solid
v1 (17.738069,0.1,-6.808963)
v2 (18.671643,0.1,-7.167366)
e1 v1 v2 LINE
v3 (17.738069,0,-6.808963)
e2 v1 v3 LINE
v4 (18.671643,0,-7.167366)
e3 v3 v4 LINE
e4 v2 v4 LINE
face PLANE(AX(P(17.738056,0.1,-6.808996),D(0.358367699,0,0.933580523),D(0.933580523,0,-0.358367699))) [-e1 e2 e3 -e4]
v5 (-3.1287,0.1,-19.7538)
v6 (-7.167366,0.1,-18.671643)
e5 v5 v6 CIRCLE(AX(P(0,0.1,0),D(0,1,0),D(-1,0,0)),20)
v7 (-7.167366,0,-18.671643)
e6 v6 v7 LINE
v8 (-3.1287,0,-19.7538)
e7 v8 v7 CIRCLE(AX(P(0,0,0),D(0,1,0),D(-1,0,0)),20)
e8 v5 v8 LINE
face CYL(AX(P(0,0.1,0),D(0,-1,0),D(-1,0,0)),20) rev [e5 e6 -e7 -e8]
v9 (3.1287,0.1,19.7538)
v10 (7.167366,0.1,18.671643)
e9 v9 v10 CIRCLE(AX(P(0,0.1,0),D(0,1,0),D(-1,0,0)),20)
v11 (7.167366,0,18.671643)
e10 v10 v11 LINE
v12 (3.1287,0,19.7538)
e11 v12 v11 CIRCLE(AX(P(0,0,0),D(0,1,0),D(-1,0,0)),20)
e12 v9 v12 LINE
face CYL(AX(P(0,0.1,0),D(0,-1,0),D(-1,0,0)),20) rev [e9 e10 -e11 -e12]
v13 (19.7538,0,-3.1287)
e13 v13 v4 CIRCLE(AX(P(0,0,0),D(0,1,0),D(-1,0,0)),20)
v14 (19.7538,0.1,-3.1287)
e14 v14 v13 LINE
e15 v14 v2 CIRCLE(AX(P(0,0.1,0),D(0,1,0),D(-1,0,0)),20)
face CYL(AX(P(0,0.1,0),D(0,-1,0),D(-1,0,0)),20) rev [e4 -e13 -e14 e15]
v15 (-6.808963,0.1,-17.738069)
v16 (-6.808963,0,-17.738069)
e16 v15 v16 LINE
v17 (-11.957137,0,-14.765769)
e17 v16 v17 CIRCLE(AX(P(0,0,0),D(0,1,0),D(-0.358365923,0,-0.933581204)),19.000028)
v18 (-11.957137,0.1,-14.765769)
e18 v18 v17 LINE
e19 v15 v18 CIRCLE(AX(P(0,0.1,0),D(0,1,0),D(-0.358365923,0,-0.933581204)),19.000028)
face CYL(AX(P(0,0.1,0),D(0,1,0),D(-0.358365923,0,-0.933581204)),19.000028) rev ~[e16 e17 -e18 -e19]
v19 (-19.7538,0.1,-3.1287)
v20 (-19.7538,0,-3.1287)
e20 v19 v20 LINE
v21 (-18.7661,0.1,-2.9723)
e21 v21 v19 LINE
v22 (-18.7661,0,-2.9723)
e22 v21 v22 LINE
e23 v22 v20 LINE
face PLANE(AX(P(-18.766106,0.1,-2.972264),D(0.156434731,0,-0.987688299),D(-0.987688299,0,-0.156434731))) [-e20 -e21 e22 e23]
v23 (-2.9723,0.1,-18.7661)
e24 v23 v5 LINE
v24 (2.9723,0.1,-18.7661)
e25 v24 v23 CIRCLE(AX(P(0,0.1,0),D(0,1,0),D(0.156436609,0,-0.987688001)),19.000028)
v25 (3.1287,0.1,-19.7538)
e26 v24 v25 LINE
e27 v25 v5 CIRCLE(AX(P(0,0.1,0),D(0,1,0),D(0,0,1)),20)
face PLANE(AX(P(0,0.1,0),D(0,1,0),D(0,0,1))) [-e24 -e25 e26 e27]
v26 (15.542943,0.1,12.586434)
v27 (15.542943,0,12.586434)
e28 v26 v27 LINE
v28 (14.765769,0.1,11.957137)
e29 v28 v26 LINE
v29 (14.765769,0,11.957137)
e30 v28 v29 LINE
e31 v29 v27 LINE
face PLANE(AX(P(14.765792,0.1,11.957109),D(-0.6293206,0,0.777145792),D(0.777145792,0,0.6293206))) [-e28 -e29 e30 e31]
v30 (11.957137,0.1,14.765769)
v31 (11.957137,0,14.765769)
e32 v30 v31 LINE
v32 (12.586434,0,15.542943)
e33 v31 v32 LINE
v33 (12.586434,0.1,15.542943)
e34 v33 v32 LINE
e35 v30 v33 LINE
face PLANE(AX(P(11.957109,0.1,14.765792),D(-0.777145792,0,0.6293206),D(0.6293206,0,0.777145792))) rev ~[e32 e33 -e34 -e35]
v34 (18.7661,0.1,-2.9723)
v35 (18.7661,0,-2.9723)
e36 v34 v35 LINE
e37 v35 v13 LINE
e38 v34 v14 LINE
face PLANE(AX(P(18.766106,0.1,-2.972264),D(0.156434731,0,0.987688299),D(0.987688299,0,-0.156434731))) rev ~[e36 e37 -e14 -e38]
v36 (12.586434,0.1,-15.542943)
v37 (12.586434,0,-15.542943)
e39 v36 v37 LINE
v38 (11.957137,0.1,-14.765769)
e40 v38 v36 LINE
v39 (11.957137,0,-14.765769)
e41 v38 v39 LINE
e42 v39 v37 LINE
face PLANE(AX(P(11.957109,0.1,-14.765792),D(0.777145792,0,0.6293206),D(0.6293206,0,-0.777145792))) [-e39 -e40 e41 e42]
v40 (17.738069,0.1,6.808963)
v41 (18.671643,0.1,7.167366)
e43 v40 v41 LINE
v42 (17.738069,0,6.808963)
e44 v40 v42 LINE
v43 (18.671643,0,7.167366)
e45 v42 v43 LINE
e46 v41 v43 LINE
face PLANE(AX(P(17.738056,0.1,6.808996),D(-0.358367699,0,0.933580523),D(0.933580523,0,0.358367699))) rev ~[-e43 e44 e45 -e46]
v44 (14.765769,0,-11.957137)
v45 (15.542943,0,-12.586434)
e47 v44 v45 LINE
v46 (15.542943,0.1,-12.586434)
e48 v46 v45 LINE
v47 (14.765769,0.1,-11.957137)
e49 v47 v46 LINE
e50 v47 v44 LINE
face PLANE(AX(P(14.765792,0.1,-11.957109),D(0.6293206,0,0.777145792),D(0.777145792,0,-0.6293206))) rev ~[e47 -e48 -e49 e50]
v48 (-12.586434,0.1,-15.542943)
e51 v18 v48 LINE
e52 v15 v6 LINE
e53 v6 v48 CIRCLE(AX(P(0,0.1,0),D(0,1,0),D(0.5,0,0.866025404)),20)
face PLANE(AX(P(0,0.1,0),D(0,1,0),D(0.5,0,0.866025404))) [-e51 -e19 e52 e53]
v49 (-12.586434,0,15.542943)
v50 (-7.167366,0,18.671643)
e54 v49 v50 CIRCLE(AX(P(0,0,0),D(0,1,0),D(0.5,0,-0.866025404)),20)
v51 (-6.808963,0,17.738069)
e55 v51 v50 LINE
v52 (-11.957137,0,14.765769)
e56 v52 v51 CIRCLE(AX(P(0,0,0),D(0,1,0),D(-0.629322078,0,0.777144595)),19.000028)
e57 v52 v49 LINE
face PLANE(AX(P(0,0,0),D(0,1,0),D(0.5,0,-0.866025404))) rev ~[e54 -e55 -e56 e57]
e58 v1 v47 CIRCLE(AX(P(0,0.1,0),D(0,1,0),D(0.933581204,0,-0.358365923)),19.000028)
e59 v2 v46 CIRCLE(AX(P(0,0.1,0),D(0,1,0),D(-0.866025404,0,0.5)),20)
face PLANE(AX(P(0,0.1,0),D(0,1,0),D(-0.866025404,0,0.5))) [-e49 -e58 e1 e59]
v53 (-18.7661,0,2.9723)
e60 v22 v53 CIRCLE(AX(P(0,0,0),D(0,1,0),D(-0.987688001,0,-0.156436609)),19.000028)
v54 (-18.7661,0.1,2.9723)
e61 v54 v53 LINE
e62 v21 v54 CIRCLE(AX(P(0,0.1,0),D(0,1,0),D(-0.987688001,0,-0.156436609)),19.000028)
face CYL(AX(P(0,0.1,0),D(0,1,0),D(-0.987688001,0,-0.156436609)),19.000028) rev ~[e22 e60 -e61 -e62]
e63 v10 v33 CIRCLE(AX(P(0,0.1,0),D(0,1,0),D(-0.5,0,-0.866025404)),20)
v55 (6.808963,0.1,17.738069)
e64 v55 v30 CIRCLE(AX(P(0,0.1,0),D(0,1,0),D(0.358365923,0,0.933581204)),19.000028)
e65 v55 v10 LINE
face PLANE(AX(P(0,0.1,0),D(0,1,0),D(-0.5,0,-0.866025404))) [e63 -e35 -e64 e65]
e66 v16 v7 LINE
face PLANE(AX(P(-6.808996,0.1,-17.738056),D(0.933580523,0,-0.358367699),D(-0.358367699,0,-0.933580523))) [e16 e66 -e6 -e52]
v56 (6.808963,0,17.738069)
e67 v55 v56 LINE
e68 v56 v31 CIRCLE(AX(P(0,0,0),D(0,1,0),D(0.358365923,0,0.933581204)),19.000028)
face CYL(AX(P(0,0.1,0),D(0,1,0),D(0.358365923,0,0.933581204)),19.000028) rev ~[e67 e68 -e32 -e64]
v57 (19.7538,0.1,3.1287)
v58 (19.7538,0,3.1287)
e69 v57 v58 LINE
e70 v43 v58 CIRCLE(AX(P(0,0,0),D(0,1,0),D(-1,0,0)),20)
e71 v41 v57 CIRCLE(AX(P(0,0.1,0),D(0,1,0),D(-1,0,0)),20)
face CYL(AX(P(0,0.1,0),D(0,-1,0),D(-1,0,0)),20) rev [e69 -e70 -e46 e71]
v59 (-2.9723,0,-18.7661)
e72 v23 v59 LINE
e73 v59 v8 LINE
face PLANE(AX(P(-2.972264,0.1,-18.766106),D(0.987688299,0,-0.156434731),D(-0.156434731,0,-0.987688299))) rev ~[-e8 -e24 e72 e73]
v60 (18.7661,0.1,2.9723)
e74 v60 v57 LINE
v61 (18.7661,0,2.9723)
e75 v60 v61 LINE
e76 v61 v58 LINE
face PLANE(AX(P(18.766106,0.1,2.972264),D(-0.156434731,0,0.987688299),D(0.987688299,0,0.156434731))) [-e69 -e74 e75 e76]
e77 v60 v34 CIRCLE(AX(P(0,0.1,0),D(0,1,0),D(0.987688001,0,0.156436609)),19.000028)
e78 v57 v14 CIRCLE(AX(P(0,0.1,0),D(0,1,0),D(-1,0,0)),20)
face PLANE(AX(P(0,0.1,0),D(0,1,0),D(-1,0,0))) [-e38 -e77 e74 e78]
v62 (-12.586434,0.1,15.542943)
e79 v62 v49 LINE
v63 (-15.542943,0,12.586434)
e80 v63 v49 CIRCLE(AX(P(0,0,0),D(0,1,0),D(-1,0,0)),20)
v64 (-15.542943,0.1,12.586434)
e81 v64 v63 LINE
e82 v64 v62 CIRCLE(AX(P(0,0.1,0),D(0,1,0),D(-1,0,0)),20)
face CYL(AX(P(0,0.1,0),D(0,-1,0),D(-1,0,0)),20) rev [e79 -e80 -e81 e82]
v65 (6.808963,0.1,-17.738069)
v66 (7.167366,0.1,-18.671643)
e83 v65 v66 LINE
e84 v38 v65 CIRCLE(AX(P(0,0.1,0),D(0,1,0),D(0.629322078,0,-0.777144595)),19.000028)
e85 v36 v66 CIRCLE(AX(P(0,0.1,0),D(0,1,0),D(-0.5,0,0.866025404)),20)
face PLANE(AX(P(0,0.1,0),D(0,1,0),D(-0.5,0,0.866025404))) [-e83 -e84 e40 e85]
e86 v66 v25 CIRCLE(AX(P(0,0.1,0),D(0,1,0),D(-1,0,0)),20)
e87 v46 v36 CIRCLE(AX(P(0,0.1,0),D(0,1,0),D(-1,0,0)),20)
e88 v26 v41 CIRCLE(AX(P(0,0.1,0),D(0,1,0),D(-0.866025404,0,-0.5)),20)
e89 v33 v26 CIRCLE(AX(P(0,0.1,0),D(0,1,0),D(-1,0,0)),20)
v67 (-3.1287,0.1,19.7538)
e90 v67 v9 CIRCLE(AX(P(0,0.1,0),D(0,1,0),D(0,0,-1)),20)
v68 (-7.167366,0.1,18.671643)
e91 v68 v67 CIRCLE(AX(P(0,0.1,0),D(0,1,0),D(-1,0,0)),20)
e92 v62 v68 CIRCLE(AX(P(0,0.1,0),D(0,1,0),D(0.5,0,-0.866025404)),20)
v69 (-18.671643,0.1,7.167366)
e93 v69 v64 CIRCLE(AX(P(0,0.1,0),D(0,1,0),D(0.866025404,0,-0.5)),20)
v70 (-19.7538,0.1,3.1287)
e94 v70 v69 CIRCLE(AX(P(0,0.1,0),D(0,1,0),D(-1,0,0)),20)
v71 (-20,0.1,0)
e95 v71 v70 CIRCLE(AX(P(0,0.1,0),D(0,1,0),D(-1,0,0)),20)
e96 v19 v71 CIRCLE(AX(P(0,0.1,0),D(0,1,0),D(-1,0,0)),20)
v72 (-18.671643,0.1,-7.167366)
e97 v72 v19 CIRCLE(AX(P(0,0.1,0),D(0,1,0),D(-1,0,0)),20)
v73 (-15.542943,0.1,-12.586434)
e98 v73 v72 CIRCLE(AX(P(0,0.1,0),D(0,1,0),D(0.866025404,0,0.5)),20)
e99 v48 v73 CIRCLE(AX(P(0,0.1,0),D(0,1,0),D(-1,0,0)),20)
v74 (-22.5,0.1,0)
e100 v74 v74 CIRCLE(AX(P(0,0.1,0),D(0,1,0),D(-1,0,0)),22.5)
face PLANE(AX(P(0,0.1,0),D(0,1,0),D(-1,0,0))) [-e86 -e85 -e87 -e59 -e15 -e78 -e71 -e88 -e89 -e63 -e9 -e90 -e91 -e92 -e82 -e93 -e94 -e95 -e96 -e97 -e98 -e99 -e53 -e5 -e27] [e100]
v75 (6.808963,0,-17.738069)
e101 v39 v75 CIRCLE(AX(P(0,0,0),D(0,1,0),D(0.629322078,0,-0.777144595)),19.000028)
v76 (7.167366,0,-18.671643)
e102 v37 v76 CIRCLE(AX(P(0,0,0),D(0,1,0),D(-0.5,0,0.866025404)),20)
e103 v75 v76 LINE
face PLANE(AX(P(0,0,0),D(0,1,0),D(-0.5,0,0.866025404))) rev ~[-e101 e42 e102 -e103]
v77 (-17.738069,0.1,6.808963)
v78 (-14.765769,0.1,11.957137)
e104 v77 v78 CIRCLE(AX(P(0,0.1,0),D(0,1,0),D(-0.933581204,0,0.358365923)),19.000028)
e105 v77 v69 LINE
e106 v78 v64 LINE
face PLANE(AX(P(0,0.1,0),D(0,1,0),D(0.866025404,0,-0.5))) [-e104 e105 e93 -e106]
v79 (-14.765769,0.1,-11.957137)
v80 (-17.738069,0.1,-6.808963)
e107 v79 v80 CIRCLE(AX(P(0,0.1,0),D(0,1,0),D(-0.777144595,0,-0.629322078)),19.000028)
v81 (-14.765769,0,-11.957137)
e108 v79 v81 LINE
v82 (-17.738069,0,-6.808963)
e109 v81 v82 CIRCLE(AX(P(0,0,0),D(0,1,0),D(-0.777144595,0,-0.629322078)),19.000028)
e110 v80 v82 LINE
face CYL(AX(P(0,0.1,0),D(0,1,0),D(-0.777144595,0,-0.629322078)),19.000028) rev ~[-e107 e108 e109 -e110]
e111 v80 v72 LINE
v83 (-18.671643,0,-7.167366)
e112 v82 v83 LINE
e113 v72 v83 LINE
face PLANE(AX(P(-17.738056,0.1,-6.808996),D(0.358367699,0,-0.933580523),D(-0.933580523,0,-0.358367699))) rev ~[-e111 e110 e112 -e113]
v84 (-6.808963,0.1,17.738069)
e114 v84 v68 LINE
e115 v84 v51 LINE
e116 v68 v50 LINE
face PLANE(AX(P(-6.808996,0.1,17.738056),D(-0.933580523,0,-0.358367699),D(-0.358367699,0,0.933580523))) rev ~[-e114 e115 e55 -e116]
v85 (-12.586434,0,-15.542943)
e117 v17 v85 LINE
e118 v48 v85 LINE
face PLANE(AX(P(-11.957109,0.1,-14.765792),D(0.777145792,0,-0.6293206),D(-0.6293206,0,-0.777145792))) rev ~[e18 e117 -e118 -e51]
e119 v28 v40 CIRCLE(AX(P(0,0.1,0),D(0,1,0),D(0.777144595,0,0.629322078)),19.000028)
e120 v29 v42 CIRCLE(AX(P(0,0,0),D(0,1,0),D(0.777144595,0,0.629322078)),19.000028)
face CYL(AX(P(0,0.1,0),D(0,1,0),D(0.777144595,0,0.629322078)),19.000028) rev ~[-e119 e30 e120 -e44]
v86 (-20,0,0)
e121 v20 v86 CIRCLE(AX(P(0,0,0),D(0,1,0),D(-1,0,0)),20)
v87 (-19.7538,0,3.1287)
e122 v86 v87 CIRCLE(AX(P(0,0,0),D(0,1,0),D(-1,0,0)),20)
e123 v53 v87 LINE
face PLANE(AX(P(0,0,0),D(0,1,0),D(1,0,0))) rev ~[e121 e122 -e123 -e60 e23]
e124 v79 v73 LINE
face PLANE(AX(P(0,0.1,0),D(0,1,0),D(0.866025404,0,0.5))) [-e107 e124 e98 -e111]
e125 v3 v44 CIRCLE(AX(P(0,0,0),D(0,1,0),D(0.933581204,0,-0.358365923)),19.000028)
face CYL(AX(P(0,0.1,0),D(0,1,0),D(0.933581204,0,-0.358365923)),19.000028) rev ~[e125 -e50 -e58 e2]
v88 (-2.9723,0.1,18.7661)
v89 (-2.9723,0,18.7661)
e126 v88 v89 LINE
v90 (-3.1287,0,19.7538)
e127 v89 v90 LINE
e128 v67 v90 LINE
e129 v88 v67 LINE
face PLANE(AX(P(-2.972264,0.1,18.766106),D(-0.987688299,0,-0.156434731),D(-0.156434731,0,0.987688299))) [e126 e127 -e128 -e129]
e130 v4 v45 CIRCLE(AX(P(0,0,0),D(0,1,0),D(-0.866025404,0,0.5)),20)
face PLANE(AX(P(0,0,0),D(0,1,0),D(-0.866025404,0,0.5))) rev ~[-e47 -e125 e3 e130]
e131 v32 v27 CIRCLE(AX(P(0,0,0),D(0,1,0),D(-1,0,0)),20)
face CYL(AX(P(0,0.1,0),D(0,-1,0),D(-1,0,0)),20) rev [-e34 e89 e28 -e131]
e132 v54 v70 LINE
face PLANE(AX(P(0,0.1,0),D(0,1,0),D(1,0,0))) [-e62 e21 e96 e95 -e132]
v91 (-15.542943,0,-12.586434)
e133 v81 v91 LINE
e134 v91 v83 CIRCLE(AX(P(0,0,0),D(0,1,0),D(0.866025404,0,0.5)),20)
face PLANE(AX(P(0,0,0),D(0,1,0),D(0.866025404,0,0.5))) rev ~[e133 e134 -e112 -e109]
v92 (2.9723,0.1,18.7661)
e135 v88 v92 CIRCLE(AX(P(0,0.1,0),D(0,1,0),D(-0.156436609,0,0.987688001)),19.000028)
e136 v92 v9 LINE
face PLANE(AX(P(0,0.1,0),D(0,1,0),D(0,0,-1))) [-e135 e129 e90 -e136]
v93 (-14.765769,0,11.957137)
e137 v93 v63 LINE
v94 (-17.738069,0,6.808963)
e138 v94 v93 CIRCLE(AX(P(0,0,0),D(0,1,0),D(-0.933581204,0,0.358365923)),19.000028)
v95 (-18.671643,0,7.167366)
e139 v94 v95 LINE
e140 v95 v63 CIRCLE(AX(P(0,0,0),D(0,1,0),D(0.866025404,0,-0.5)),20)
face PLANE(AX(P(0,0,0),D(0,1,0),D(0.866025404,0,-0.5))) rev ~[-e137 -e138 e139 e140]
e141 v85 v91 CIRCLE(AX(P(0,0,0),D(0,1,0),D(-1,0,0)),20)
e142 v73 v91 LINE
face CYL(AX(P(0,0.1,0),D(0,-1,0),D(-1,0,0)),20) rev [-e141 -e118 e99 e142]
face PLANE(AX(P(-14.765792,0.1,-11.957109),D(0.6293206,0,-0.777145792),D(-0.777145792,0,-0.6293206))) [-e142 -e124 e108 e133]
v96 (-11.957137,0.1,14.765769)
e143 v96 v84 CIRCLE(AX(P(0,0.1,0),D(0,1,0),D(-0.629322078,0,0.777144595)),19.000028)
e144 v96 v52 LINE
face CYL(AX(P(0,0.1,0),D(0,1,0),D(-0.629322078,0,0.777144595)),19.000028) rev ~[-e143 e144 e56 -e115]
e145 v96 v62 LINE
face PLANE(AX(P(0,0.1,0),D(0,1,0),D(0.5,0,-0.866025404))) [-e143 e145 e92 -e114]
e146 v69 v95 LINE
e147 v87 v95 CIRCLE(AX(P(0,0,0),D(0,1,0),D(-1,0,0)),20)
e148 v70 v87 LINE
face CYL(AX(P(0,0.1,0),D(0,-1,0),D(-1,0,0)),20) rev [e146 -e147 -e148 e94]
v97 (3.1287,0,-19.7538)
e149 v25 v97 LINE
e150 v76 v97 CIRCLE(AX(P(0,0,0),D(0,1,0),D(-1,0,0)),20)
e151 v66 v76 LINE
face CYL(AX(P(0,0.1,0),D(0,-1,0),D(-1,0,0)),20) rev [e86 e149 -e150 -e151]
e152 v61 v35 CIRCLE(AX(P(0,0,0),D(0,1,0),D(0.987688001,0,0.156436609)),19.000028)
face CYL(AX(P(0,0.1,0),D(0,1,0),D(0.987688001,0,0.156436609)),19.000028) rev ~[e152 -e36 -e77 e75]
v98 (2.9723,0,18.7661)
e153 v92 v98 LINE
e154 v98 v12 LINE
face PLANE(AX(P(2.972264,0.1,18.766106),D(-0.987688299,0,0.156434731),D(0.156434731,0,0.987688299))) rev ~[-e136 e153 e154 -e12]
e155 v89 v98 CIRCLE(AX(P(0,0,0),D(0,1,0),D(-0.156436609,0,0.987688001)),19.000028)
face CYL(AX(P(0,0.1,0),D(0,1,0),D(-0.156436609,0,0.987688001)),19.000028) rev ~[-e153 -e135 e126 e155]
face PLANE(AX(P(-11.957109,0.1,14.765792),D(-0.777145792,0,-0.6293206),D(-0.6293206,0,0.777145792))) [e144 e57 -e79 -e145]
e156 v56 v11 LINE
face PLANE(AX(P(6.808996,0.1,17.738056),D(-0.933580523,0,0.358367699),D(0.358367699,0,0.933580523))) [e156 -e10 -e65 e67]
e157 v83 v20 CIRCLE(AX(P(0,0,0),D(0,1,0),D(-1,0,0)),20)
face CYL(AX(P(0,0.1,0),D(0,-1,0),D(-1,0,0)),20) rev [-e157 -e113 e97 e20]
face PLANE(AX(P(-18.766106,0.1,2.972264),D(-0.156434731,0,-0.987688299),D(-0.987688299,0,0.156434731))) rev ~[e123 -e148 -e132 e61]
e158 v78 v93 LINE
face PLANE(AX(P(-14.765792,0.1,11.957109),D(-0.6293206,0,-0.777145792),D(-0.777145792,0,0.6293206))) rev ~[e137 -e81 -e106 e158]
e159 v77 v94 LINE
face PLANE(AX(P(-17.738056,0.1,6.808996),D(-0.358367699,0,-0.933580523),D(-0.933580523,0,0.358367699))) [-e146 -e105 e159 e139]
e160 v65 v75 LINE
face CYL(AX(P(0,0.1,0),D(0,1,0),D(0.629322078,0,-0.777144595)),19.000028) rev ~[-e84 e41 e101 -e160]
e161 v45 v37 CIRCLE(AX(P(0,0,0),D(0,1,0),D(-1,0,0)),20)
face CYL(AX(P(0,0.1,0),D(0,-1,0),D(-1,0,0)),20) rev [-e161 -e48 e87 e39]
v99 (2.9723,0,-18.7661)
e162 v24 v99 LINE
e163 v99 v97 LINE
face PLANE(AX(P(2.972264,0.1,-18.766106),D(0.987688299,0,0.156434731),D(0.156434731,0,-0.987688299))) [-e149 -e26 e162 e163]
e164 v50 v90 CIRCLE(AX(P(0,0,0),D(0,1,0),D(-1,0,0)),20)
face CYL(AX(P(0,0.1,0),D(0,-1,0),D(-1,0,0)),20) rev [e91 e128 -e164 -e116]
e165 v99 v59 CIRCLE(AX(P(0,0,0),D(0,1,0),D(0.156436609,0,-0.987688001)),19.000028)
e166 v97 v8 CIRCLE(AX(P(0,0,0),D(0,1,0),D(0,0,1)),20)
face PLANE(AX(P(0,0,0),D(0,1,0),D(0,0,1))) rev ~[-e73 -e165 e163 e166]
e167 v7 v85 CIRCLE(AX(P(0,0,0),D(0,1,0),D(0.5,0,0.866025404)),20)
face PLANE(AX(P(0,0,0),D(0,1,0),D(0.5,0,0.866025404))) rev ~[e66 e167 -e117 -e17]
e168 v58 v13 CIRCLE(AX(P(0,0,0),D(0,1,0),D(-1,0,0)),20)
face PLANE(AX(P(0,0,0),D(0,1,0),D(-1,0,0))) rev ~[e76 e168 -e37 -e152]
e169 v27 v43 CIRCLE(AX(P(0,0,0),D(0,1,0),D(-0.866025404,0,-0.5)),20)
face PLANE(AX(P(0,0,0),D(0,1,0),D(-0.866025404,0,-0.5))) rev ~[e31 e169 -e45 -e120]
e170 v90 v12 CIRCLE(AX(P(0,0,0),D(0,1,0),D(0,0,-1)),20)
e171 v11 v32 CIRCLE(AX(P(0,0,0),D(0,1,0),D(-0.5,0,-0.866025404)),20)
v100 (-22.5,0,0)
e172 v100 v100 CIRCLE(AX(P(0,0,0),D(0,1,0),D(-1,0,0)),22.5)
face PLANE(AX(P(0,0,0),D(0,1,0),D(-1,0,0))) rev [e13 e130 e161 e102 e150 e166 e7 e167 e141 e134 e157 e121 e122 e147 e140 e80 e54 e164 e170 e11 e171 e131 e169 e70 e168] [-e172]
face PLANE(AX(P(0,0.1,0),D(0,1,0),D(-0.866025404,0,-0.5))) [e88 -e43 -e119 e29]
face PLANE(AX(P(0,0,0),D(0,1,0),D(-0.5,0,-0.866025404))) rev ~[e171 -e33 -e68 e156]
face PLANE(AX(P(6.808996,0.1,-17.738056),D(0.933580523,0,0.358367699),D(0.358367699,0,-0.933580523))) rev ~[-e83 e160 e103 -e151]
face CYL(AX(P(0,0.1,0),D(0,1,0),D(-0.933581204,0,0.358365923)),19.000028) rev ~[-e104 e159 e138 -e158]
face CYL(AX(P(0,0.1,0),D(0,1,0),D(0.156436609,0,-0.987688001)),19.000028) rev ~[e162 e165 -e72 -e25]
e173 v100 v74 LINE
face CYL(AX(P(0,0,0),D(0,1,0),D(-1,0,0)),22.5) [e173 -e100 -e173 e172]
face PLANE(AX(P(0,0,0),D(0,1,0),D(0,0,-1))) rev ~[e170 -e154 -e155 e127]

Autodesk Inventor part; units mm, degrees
ref_plane "YZ Plane" through (0, 0, 0) normal (1, 0, 0) x (0, 1, 0)
ref_plane "XZ Plane" through (0, 0, 0) normal (0, 1, 0) x (-1, 0, 0)
ref_plane "XY Plane" through (0, 0, 0) normal (0, 0, 1) x (1, 0, 0)
sketch "Sketch1" plane through (0, 0, 0) normal (0, 0, 1) x (1, 0, 0)
  line L0 (-20, 0) -> (-22.5, 0)
  line L1 (-22.5, 0) -> (-22.5, 0.1)
  line L2 (-22.5, 0.1) -> (-20, 0.1)
  line L3 (-20, 0.1) -> (-20, 0)
  line L4 (0, -0.02) -> (0, 0.12) projected
  point P0 (0, 0)
  dimension "d0" = 20
  dimension "d1" = 22.5
  dimension "d2" = 0.1
revolve "Revolution1" add sketch "Sketch1" angle 360 about axis through (0, -10, 0) along (0, 1, 0)
sketch "Sketch2" plane through (0, 0.1, 0) normal (0, 1, 0) x (1, 0, 0)
  circle A0 centre (0, 0) radius 19 construction
  line L0 (0, 0) -> (-19.7538, 3.1287)
  line L1 (0, 0) -> (-19.7538, -3.1287)
  circle A1 centre (0, 0) radius 20 projected
  circle A2 centre (0, 0) radius 20 projected
  arc A3 (-18.7661, 2.9723) -> (-18.7661, -2.9723) centre (0, 0) ccw
  arc A4 (-19.7538, 3.1287) -> (-19.7538, -3.1287) centre (0, 0) ccw
  point P0 (-19.7538, 3.1287)
  dimension "d4" = 38
  dimension "d5" = 18
extrude "Extrusion1" add sketch "Sketch2" against normal up to surface (0.1 mm away) contours A3 L1 A1 L0
pattern_circular "Circular Pattern1" count 12 over 360 about axis through (0, 0.05, 0) along (0, 1, 0) of "Extrusion1"
properties part number "TorsionOscillator-IsolationRing" material "Paper"
